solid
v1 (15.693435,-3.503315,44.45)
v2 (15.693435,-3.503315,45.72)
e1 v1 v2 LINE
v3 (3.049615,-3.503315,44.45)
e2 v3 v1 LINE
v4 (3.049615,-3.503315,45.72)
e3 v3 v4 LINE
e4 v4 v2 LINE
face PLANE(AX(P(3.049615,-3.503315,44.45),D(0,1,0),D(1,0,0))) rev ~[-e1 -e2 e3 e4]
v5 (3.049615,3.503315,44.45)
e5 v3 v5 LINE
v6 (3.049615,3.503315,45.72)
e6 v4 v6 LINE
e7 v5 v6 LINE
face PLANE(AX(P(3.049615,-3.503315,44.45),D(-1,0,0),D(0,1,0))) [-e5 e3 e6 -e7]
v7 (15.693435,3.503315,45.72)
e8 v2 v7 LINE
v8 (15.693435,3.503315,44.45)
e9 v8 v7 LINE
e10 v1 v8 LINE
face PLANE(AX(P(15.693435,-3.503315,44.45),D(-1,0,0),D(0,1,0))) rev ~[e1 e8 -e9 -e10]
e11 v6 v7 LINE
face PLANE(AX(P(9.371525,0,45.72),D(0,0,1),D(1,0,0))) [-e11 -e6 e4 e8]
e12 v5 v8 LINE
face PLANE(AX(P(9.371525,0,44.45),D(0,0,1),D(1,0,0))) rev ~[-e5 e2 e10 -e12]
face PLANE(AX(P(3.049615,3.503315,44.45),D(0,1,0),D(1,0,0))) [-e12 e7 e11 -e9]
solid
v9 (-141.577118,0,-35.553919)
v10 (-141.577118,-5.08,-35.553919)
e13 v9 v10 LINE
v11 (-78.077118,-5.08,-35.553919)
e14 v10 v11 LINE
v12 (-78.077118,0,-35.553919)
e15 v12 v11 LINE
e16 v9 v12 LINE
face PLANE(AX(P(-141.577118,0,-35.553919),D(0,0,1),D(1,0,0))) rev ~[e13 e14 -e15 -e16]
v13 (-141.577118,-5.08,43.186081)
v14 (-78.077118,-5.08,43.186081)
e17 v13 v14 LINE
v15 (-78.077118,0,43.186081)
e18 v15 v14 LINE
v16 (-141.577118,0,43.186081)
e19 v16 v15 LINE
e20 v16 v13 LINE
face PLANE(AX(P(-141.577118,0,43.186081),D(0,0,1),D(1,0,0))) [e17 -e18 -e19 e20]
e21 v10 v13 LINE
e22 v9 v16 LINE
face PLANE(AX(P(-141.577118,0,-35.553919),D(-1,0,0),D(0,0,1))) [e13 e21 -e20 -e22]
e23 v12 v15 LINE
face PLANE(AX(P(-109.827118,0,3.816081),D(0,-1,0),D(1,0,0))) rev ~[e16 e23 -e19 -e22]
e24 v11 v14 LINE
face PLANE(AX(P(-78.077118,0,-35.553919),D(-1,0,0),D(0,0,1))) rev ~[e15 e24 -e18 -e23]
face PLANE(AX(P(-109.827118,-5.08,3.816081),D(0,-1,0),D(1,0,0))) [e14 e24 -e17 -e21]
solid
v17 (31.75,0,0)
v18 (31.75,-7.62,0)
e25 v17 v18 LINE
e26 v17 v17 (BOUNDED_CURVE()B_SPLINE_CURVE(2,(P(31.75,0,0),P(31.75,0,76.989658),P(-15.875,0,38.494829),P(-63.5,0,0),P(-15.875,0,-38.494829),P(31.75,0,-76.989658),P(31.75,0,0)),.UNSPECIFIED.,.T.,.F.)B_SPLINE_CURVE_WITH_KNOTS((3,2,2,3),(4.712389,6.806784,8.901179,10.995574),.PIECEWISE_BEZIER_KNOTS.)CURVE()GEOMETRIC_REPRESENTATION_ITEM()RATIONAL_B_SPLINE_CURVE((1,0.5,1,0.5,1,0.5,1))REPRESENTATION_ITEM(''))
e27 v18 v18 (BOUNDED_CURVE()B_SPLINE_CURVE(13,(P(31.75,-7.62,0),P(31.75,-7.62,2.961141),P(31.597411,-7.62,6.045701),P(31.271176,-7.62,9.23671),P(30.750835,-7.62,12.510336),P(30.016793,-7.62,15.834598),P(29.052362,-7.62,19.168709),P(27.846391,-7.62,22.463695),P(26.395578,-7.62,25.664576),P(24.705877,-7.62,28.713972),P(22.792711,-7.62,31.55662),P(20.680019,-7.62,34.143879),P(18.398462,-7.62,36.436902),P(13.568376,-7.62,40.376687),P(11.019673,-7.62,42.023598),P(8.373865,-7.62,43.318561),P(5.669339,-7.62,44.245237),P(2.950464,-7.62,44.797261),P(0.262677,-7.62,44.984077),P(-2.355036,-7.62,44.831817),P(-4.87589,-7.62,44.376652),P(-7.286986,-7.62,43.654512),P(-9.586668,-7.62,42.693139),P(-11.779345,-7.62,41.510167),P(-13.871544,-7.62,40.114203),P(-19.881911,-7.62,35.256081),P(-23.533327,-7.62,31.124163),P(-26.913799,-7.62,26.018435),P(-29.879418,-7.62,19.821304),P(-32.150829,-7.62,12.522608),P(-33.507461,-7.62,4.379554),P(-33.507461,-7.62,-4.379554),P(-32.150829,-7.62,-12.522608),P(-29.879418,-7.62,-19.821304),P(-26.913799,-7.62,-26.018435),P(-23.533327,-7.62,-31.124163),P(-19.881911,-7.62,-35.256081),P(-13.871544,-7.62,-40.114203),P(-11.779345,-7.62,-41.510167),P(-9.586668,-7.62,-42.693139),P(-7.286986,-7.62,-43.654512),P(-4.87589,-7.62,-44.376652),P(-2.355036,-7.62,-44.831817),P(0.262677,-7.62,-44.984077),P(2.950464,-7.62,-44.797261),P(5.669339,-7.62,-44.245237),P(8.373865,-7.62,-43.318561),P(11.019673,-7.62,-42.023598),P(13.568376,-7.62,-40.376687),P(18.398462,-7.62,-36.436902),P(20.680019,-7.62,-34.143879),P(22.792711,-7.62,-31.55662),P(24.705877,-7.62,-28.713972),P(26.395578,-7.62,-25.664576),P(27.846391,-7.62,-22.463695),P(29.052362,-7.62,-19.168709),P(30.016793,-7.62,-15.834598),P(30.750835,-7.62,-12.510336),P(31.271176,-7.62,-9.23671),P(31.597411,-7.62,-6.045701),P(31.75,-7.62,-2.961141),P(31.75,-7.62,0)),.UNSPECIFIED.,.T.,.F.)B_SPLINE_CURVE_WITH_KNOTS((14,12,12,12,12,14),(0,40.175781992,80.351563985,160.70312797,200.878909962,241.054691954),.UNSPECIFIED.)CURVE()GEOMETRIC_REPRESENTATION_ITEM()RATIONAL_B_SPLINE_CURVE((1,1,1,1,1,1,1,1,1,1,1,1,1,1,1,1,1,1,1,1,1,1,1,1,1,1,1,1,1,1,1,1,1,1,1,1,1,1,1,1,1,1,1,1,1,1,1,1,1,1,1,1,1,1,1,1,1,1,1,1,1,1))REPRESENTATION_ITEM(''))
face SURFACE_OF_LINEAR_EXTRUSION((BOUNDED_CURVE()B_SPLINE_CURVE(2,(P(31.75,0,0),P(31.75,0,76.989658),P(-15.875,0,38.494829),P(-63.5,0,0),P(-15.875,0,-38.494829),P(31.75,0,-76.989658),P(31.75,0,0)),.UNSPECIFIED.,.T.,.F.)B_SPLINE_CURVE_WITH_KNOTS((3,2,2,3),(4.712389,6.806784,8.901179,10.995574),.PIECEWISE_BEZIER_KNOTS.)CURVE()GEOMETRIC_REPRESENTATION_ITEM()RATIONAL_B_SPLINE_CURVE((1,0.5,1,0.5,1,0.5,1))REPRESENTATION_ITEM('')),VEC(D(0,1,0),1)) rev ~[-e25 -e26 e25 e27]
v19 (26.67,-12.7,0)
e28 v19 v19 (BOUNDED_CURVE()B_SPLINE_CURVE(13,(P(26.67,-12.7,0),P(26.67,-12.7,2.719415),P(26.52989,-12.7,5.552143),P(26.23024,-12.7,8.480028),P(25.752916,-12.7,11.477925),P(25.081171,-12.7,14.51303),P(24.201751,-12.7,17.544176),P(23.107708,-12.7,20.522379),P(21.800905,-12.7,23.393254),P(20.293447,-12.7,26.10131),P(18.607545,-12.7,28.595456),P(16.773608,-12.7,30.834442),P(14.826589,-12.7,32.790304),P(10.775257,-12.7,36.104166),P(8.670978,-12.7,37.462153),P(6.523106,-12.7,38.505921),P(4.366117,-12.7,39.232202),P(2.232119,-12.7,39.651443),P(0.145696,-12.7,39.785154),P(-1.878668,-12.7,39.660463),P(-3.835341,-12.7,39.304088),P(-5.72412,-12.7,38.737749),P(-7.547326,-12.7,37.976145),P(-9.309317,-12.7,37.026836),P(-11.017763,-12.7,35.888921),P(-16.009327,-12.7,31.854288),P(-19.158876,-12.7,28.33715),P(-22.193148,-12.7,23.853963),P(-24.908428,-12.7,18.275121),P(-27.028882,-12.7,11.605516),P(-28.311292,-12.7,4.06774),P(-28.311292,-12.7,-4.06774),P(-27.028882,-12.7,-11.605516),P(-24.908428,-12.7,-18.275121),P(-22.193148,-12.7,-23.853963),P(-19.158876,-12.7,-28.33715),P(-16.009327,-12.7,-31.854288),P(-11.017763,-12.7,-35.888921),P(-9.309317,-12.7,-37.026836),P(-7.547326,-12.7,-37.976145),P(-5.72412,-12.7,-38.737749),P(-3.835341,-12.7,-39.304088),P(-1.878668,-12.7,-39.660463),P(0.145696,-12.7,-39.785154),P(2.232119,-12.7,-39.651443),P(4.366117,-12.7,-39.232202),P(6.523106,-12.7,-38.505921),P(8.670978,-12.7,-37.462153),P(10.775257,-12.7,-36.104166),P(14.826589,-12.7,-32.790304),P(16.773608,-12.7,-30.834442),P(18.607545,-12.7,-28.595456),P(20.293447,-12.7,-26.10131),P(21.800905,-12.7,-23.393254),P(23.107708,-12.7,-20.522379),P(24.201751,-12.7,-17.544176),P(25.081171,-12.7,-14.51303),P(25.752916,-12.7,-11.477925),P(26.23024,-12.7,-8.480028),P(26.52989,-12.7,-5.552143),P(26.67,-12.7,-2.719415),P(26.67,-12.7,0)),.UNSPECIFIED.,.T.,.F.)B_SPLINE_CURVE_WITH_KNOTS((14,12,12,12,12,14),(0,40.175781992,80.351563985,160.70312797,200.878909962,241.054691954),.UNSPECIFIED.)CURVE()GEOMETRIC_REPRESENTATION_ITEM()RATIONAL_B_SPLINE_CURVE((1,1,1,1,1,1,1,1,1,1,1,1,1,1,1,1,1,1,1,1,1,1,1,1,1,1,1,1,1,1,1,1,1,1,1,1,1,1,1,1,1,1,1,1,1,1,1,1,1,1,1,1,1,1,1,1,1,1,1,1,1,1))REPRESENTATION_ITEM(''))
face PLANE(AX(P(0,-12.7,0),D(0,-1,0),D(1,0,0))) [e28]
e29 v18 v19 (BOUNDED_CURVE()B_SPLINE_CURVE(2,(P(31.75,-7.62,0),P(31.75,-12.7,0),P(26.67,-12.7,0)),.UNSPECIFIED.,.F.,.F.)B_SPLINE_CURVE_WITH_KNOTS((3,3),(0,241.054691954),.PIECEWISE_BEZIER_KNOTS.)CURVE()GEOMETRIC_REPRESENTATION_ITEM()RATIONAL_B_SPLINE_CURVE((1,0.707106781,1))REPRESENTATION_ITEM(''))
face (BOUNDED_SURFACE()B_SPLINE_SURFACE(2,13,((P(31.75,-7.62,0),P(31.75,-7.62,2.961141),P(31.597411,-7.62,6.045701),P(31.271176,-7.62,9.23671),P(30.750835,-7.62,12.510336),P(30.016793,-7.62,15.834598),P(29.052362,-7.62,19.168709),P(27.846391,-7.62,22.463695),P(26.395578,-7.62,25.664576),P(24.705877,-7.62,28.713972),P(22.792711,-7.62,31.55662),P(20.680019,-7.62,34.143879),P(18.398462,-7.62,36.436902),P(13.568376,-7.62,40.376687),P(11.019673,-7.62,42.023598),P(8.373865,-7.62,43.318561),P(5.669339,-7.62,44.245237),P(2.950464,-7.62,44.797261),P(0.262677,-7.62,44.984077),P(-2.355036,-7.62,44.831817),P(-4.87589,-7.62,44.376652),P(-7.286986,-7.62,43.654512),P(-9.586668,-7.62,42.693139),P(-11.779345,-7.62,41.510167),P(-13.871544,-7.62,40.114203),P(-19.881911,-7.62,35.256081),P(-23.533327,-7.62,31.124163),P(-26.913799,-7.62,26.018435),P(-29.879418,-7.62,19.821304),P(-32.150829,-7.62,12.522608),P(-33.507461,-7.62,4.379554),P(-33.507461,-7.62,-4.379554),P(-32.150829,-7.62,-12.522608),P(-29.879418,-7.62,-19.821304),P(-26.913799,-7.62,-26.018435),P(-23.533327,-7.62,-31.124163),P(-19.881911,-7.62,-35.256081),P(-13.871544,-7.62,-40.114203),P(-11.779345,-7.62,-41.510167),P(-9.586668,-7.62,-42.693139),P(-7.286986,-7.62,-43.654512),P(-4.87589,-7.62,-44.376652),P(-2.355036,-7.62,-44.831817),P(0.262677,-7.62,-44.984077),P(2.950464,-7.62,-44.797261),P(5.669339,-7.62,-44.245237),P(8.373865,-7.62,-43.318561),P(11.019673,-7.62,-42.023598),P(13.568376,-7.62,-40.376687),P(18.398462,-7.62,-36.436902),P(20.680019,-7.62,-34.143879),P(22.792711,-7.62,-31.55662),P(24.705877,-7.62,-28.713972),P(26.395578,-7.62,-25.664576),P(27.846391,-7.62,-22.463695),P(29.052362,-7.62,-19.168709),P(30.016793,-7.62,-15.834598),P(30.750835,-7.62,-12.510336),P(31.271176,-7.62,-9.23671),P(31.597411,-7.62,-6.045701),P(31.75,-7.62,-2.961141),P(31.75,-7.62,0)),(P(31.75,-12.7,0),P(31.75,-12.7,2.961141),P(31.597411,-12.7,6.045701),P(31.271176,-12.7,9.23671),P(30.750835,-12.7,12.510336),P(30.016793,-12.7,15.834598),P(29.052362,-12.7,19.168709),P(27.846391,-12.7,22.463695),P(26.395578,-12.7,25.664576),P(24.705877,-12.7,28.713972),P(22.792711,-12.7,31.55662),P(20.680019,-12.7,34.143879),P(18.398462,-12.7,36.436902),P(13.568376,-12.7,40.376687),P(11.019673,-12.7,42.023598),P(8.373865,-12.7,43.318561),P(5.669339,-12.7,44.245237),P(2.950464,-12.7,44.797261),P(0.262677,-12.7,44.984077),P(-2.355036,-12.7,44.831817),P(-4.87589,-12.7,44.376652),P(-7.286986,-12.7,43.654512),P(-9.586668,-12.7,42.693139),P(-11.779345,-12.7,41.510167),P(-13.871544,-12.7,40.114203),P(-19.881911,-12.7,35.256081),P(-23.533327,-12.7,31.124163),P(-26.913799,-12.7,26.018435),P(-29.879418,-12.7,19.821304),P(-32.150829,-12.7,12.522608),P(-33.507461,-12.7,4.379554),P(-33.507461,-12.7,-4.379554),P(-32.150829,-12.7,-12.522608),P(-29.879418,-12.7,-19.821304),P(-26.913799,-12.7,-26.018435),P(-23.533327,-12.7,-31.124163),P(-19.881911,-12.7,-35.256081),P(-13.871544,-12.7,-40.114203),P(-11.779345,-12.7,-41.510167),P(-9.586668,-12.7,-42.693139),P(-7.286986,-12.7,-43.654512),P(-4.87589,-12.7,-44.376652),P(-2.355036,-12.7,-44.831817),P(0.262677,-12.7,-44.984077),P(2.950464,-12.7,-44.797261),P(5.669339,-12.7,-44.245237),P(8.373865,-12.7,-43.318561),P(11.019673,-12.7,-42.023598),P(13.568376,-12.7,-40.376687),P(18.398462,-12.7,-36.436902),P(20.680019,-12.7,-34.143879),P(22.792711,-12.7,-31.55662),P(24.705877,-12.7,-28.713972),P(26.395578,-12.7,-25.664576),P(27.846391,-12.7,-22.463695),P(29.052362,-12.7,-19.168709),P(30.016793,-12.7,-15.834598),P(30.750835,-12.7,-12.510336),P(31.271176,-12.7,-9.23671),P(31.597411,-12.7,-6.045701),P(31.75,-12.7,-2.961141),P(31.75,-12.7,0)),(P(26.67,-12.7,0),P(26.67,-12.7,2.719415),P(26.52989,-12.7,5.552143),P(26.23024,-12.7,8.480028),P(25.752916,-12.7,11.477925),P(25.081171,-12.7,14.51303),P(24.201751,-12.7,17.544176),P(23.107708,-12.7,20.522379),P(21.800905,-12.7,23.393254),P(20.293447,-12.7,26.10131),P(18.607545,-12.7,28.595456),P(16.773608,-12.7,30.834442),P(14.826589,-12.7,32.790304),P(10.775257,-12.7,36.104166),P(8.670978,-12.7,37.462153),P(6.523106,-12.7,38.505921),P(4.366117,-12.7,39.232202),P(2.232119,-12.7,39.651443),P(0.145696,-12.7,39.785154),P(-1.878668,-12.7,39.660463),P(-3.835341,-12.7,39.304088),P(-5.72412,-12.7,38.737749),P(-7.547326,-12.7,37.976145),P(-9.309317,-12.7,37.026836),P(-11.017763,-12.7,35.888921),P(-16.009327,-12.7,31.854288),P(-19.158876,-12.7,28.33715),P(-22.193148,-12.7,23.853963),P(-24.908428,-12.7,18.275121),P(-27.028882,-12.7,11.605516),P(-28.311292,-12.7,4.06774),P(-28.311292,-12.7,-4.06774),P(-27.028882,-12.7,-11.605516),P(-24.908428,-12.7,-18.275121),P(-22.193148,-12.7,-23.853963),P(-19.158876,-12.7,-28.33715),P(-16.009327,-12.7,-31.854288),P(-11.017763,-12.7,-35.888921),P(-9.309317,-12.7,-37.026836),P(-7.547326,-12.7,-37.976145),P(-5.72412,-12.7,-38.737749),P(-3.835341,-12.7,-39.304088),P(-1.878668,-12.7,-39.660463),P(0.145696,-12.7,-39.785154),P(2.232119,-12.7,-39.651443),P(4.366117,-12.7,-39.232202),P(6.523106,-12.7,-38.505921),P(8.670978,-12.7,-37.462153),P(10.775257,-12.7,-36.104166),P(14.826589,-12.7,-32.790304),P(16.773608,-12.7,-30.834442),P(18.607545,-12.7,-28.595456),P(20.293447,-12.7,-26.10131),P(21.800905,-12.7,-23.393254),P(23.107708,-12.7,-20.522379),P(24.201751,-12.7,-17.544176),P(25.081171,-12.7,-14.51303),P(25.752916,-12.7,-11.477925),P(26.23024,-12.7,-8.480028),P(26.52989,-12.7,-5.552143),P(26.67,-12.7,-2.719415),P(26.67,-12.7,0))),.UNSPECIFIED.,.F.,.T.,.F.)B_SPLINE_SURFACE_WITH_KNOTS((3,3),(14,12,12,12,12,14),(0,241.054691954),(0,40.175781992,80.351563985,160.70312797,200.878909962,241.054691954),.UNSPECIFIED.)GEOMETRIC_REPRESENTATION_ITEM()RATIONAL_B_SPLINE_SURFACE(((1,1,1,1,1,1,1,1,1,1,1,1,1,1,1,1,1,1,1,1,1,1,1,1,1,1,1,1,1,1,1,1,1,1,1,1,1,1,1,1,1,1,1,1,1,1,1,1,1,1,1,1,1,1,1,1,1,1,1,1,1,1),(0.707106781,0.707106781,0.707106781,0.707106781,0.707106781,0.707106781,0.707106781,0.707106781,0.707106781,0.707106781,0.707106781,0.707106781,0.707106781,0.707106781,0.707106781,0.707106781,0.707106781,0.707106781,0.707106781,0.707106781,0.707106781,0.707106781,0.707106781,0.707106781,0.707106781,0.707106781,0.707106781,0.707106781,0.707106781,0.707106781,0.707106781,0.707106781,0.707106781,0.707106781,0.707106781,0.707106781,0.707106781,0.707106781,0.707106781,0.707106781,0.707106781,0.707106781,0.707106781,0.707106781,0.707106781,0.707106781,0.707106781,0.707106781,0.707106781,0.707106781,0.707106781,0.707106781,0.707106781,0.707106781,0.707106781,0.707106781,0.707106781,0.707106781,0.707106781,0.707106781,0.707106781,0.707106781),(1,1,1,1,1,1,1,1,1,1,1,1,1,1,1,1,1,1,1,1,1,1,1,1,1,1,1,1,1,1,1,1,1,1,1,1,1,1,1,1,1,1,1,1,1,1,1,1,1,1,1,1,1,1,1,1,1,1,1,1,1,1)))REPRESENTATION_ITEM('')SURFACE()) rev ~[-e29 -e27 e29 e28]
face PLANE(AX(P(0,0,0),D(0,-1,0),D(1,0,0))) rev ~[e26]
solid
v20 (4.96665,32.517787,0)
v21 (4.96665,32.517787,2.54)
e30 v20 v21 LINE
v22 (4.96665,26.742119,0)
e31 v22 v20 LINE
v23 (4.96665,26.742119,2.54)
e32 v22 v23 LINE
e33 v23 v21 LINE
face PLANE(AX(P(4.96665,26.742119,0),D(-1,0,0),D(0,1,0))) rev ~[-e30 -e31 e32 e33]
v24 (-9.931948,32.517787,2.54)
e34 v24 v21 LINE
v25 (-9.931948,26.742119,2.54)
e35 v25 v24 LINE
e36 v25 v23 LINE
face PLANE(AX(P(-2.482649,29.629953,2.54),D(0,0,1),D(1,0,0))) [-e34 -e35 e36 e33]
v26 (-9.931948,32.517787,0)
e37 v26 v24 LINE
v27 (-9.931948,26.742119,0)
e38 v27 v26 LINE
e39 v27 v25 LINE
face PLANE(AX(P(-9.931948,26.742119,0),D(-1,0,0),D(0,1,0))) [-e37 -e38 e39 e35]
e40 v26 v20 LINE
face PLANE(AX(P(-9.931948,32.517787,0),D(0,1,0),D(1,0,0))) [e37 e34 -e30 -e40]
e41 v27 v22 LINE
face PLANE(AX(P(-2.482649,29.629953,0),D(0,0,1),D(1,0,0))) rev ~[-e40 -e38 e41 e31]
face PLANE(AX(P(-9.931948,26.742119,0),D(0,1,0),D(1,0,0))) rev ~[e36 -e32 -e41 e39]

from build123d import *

# Parameters (mm, degrees)
F1_DEPTH = 12.7
F2_R     = 5.08
F3_W     = 63.5
F3_H     = 78.74
F4_DEPTH = 5.08
F5_W     = 14.898598
F5_H     = 5.775668
F6_DEPTH = 2.54
F8_W     = 12.64382
F8_H     = 7.00663
F9_DEPTH = 1.27


with BuildPart() as f1:
    # F0 (on Front) → F1 (new body)
    with BuildSketch(Plane.XZ):
        with BuildLine():
            add(Edge.make_bspline(
                [(31.75, 0), (31.75, 76.989658), (-15.875, 38.494829), (-63.5, 0), (-15.875, -38.494829), (31.75, -76.989658), (31.75, 0)],
                knots=[4.712389, 4.712389, 4.712389, 6.806784, 6.806784, 8.901179, 8.901179, 10.995574, 10.995574, 10.995574], degree=2, weights=[1, 0.5, 1, 0.5, 1, 0.5, 1]))
        make_face()
    extrude(amount=F1_DEPTH)

    # F2
    f2_edges = [f1.edges().sort_by_distance(p)[0] for p in [
        (-31.75, -12.7, 0),
    ]]
    fillet(f2_edges, radius=F2_R)


with BuildPart() as f4:
    # F3 (on Front) → F4 (new body)
    with BuildSketch(Plane.XZ):
        with Locations((-109.827118, 3.816081)):
            Rectangle(F3_W, F3_H)
    extrude(amount=F4_DEPTH)


with BuildPart() as f6:
    # F5 (on Top) → F6 (new body)
    with BuildSketch(Plane.XY):
        with Locations((-2.482649, 29.629953)):
            Rectangle(F5_W, F5_H)
    extrude(amount=F6_DEPTH)


with BuildPart() as f9:
    # F8 (on offset) → F9 (new body)
    with BuildSketch(Plane.XY.offset(44.45)):
        with Locations((9.371525, 0)):
            Rectangle(F8_W, F8_H)
    extrude(amount=F9_DEPTH)


solid = Compound([f1.part, f4.part, f6.part, f9.part])
